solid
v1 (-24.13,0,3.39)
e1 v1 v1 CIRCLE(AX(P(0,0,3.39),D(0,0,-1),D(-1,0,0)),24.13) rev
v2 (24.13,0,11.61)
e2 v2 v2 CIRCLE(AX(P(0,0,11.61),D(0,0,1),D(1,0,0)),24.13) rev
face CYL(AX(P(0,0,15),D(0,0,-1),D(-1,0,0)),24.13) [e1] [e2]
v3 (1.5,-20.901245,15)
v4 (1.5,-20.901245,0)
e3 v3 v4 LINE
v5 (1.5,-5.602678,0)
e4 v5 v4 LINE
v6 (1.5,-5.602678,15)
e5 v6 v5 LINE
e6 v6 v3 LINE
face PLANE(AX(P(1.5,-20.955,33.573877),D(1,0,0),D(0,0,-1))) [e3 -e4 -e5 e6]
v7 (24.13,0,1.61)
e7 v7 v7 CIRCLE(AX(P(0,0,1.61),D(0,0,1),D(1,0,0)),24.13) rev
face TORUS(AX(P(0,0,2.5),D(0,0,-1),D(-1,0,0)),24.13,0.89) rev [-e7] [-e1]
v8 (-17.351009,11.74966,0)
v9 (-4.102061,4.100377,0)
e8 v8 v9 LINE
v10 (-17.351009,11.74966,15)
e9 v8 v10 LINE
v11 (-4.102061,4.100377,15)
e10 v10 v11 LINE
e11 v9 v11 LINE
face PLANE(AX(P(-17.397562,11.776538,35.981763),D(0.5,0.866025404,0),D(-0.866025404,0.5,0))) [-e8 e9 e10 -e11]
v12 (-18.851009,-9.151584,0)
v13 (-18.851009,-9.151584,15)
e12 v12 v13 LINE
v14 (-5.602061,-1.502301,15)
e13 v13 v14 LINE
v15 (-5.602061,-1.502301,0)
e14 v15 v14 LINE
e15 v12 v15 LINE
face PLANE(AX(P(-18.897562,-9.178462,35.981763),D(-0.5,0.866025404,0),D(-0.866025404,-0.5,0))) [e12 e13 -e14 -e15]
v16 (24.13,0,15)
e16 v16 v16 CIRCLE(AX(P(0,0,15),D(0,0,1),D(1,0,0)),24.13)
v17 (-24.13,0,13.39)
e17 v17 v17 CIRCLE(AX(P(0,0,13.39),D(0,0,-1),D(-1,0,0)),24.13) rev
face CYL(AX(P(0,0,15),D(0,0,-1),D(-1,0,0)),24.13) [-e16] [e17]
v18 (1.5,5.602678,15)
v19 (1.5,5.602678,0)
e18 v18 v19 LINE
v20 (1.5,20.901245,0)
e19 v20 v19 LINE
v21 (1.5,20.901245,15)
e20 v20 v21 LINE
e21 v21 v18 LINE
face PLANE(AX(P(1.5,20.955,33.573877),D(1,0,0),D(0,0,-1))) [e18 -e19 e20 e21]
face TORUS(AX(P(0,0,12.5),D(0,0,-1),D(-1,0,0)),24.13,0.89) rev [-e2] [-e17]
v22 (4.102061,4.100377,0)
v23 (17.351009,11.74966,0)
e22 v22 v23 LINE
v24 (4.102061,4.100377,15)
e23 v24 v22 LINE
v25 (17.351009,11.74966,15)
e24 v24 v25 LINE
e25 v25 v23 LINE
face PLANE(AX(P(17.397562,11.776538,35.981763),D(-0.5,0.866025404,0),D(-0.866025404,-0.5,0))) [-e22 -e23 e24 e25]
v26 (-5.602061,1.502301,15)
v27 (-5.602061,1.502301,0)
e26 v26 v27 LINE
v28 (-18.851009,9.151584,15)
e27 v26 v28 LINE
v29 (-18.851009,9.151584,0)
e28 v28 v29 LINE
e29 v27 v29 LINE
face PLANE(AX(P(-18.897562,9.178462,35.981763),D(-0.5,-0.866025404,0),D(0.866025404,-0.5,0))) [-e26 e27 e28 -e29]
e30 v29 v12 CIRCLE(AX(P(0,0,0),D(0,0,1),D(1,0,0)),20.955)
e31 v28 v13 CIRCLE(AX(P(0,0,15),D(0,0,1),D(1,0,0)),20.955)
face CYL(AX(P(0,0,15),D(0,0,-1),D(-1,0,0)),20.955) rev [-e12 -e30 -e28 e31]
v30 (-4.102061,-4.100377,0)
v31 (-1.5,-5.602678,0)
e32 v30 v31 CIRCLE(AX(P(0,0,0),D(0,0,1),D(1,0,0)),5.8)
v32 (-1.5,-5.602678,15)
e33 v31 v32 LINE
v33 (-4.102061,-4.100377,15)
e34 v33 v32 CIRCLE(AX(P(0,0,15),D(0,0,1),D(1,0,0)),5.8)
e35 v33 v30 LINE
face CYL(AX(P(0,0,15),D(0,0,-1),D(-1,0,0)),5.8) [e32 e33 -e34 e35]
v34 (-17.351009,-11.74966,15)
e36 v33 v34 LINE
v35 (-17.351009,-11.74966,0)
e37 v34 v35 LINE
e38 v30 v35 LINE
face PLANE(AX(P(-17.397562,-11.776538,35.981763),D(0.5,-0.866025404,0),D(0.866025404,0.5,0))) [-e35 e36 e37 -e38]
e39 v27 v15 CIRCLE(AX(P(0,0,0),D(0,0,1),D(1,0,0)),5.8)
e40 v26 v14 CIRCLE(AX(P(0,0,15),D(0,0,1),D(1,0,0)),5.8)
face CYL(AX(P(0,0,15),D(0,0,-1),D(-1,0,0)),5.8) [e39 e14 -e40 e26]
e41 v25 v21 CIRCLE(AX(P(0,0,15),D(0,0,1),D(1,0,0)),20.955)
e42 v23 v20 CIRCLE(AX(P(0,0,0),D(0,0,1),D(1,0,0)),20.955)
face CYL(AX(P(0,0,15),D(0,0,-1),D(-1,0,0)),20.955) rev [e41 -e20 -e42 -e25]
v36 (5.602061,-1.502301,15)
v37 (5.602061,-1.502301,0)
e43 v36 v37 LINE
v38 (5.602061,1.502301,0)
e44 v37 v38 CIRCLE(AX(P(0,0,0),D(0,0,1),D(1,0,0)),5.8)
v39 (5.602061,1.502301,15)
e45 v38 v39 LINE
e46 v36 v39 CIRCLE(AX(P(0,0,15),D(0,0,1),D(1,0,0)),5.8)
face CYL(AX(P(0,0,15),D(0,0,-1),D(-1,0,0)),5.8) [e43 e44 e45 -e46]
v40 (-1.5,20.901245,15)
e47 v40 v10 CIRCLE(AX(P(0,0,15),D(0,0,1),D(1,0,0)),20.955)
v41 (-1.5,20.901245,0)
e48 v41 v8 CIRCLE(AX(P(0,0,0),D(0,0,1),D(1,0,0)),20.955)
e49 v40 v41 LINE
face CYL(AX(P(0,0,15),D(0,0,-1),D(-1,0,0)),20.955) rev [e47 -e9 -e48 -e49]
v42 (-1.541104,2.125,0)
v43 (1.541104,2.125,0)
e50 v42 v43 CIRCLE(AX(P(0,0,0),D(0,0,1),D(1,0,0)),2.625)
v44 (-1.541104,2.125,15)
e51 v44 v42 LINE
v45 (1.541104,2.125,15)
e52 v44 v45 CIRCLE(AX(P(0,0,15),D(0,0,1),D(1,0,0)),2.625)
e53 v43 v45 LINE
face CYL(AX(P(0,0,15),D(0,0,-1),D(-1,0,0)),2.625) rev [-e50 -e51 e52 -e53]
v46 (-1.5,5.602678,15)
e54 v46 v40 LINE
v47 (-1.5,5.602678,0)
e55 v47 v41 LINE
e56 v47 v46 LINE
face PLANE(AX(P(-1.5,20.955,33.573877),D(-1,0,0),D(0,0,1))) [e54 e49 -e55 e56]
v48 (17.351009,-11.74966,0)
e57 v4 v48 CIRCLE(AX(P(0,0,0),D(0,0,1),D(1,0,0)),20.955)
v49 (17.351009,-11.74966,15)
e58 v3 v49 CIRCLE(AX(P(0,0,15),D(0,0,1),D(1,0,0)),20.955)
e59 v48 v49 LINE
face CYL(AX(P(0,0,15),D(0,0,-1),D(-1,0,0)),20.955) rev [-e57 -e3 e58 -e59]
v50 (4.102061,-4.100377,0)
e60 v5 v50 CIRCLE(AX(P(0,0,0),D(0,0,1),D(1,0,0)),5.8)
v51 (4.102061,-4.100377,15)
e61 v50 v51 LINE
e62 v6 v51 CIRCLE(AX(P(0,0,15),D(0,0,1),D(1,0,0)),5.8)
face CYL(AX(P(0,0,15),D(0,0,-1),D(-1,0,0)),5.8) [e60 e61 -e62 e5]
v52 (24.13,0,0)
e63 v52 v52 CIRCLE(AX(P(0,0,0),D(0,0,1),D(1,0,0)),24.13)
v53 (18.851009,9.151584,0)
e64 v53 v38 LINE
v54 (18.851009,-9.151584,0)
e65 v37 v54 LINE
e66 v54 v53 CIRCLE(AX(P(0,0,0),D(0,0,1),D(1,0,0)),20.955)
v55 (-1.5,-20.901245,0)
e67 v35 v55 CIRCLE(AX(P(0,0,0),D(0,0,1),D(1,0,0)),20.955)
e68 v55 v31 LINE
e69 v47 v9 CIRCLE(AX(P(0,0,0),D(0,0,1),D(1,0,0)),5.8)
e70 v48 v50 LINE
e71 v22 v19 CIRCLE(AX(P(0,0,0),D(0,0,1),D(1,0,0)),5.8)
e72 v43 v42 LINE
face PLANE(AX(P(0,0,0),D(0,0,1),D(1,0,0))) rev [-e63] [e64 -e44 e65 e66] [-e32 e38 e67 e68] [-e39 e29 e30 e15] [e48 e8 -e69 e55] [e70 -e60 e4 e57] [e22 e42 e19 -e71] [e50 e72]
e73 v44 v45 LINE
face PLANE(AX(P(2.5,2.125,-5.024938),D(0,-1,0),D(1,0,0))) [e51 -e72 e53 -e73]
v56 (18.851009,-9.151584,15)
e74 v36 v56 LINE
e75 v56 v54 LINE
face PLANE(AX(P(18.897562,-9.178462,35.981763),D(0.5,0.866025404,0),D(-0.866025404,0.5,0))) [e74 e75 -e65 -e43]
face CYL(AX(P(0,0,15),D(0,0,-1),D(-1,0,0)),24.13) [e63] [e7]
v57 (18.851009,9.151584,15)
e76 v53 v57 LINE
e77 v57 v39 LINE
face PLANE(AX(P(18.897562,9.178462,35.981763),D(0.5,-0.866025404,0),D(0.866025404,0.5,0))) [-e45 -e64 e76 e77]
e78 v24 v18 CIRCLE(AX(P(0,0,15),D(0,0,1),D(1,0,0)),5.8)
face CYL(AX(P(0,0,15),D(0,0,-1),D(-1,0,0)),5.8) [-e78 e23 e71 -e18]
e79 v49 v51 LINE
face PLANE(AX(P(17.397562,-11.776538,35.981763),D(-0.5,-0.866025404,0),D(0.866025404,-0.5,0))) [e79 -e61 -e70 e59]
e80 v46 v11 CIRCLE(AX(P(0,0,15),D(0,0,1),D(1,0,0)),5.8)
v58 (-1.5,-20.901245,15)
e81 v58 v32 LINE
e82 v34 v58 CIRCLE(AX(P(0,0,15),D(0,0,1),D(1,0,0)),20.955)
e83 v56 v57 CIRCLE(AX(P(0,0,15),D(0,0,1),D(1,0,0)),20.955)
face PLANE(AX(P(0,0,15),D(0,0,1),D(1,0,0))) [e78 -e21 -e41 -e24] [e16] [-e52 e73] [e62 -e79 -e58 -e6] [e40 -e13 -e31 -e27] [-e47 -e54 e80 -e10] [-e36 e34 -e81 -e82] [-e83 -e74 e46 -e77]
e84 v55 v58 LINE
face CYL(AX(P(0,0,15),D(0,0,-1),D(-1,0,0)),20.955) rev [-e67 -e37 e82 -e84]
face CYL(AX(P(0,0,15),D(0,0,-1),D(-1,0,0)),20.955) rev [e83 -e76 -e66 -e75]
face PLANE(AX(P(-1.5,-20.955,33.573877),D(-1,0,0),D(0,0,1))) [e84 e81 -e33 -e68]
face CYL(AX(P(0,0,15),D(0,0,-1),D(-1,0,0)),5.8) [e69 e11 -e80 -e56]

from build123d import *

# Parameters (mm, degrees)
SKETCH1_R             = 24.13
SKETCH1_R_2           = 20.955
BOSS_EXTRUDE1_DEPTH   = 15
SKETCH1_R_3           = 5.8
SKETCH1_R_4           = 2.625
BOSS_EXTRUDE1_2_DEPTH = 15
SKETCH3_W             = 3
SKETCH3_H             = 18.33
BOSS_EXTRUDE3_DEPTH   = 15
CIRPATTERN1_COUNT     = 6
SKETCH4_R             = 0.89
SKETCH5_W             = 5
SKETCH5_H             = 0.5
BOSS_EXTRUDE4_DEPTH   = 15


with BuildPart() as part:
    # Sketch1 → Boss-Extrude1 (new body)
    with BuildSketch(Plane.XY):
        Circle(SKETCH1_R)
        Circle(SKETCH1_R_2, mode=Mode.SUBTRACT)
    extrude(amount=BOSS_EXTRUDE1_DEPTH)



with BuildPart() as body_2:
    # Sketch1 → Boss-Extrude1 2 (new body)
    with BuildSketch(Plane.XY):
        Circle(SKETCH1_R_3)
        Circle(SKETCH1_R_4, mode=Mode.SUBTRACT)
    extrude(amount=BOSS_EXTRUDE1_2_DEPTH)


with BuildPart() as part_1:
    add(part.part)

    add(body_2.part)  # Boss-Extrude3 merges body 2
    # Sketch3 → Boss-Extrude3 (add)
    with BuildSketch(Plane(origin=(0, 0, 0), x_dir=(-1, 0, 0), z_dir=(0, 0, -1))):
        with Locations((0, 11.79)):
            Rectangle(SKETCH3_W, SKETCH3_H)
    boss_extrude3 = extrude(amount=-BOSS_EXTRUDE3_DEPTH)

    # CirPattern1: Boss-Extrude3 ×6 about axis
    cirpattern1_axis = Axis((0, 0, 0), (0, 0, 1))
    for i in range(1, CIRPATTERN1_COUNT):
        add(boss_extrude3.rotate(cirpattern1_axis, i * 360 / CIRPATTERN1_COUNT))

    # Sketch4 → Cut-Revolve1 (revolve, cut)
    with BuildSketch(Plane(origin=(0, 0, 0), x_dir=(0, 0, -1), z_dir=(1, 0, 0)), mode=Mode.PRIVATE) as cut_revolve1_sk:
        with Locations((-12.5, 24.13)):
            Circle(SKETCH4_R)
        with Locations((-2.5, 24.13)):
            Circle(SKETCH4_R)
    revolve(cut_revolve1_sk.sketch.rotate(Axis((0, 0, 0), (0, 0, 1)), 90), axis=Axis((0, 0, 0), (0, 0, 1)), mode=Mode.SUBTRACT)

    # Sketch5 → Boss-Extrude4 (add)
    with BuildSketch(Plane.XY.offset(15)):
        with Locations((0, 2.375)):
            Rectangle(SKETCH5_W, SKETCH5_H)
    extrude(amount=-BOSS_EXTRUDE4_DEPTH)


solid = part_1.part
